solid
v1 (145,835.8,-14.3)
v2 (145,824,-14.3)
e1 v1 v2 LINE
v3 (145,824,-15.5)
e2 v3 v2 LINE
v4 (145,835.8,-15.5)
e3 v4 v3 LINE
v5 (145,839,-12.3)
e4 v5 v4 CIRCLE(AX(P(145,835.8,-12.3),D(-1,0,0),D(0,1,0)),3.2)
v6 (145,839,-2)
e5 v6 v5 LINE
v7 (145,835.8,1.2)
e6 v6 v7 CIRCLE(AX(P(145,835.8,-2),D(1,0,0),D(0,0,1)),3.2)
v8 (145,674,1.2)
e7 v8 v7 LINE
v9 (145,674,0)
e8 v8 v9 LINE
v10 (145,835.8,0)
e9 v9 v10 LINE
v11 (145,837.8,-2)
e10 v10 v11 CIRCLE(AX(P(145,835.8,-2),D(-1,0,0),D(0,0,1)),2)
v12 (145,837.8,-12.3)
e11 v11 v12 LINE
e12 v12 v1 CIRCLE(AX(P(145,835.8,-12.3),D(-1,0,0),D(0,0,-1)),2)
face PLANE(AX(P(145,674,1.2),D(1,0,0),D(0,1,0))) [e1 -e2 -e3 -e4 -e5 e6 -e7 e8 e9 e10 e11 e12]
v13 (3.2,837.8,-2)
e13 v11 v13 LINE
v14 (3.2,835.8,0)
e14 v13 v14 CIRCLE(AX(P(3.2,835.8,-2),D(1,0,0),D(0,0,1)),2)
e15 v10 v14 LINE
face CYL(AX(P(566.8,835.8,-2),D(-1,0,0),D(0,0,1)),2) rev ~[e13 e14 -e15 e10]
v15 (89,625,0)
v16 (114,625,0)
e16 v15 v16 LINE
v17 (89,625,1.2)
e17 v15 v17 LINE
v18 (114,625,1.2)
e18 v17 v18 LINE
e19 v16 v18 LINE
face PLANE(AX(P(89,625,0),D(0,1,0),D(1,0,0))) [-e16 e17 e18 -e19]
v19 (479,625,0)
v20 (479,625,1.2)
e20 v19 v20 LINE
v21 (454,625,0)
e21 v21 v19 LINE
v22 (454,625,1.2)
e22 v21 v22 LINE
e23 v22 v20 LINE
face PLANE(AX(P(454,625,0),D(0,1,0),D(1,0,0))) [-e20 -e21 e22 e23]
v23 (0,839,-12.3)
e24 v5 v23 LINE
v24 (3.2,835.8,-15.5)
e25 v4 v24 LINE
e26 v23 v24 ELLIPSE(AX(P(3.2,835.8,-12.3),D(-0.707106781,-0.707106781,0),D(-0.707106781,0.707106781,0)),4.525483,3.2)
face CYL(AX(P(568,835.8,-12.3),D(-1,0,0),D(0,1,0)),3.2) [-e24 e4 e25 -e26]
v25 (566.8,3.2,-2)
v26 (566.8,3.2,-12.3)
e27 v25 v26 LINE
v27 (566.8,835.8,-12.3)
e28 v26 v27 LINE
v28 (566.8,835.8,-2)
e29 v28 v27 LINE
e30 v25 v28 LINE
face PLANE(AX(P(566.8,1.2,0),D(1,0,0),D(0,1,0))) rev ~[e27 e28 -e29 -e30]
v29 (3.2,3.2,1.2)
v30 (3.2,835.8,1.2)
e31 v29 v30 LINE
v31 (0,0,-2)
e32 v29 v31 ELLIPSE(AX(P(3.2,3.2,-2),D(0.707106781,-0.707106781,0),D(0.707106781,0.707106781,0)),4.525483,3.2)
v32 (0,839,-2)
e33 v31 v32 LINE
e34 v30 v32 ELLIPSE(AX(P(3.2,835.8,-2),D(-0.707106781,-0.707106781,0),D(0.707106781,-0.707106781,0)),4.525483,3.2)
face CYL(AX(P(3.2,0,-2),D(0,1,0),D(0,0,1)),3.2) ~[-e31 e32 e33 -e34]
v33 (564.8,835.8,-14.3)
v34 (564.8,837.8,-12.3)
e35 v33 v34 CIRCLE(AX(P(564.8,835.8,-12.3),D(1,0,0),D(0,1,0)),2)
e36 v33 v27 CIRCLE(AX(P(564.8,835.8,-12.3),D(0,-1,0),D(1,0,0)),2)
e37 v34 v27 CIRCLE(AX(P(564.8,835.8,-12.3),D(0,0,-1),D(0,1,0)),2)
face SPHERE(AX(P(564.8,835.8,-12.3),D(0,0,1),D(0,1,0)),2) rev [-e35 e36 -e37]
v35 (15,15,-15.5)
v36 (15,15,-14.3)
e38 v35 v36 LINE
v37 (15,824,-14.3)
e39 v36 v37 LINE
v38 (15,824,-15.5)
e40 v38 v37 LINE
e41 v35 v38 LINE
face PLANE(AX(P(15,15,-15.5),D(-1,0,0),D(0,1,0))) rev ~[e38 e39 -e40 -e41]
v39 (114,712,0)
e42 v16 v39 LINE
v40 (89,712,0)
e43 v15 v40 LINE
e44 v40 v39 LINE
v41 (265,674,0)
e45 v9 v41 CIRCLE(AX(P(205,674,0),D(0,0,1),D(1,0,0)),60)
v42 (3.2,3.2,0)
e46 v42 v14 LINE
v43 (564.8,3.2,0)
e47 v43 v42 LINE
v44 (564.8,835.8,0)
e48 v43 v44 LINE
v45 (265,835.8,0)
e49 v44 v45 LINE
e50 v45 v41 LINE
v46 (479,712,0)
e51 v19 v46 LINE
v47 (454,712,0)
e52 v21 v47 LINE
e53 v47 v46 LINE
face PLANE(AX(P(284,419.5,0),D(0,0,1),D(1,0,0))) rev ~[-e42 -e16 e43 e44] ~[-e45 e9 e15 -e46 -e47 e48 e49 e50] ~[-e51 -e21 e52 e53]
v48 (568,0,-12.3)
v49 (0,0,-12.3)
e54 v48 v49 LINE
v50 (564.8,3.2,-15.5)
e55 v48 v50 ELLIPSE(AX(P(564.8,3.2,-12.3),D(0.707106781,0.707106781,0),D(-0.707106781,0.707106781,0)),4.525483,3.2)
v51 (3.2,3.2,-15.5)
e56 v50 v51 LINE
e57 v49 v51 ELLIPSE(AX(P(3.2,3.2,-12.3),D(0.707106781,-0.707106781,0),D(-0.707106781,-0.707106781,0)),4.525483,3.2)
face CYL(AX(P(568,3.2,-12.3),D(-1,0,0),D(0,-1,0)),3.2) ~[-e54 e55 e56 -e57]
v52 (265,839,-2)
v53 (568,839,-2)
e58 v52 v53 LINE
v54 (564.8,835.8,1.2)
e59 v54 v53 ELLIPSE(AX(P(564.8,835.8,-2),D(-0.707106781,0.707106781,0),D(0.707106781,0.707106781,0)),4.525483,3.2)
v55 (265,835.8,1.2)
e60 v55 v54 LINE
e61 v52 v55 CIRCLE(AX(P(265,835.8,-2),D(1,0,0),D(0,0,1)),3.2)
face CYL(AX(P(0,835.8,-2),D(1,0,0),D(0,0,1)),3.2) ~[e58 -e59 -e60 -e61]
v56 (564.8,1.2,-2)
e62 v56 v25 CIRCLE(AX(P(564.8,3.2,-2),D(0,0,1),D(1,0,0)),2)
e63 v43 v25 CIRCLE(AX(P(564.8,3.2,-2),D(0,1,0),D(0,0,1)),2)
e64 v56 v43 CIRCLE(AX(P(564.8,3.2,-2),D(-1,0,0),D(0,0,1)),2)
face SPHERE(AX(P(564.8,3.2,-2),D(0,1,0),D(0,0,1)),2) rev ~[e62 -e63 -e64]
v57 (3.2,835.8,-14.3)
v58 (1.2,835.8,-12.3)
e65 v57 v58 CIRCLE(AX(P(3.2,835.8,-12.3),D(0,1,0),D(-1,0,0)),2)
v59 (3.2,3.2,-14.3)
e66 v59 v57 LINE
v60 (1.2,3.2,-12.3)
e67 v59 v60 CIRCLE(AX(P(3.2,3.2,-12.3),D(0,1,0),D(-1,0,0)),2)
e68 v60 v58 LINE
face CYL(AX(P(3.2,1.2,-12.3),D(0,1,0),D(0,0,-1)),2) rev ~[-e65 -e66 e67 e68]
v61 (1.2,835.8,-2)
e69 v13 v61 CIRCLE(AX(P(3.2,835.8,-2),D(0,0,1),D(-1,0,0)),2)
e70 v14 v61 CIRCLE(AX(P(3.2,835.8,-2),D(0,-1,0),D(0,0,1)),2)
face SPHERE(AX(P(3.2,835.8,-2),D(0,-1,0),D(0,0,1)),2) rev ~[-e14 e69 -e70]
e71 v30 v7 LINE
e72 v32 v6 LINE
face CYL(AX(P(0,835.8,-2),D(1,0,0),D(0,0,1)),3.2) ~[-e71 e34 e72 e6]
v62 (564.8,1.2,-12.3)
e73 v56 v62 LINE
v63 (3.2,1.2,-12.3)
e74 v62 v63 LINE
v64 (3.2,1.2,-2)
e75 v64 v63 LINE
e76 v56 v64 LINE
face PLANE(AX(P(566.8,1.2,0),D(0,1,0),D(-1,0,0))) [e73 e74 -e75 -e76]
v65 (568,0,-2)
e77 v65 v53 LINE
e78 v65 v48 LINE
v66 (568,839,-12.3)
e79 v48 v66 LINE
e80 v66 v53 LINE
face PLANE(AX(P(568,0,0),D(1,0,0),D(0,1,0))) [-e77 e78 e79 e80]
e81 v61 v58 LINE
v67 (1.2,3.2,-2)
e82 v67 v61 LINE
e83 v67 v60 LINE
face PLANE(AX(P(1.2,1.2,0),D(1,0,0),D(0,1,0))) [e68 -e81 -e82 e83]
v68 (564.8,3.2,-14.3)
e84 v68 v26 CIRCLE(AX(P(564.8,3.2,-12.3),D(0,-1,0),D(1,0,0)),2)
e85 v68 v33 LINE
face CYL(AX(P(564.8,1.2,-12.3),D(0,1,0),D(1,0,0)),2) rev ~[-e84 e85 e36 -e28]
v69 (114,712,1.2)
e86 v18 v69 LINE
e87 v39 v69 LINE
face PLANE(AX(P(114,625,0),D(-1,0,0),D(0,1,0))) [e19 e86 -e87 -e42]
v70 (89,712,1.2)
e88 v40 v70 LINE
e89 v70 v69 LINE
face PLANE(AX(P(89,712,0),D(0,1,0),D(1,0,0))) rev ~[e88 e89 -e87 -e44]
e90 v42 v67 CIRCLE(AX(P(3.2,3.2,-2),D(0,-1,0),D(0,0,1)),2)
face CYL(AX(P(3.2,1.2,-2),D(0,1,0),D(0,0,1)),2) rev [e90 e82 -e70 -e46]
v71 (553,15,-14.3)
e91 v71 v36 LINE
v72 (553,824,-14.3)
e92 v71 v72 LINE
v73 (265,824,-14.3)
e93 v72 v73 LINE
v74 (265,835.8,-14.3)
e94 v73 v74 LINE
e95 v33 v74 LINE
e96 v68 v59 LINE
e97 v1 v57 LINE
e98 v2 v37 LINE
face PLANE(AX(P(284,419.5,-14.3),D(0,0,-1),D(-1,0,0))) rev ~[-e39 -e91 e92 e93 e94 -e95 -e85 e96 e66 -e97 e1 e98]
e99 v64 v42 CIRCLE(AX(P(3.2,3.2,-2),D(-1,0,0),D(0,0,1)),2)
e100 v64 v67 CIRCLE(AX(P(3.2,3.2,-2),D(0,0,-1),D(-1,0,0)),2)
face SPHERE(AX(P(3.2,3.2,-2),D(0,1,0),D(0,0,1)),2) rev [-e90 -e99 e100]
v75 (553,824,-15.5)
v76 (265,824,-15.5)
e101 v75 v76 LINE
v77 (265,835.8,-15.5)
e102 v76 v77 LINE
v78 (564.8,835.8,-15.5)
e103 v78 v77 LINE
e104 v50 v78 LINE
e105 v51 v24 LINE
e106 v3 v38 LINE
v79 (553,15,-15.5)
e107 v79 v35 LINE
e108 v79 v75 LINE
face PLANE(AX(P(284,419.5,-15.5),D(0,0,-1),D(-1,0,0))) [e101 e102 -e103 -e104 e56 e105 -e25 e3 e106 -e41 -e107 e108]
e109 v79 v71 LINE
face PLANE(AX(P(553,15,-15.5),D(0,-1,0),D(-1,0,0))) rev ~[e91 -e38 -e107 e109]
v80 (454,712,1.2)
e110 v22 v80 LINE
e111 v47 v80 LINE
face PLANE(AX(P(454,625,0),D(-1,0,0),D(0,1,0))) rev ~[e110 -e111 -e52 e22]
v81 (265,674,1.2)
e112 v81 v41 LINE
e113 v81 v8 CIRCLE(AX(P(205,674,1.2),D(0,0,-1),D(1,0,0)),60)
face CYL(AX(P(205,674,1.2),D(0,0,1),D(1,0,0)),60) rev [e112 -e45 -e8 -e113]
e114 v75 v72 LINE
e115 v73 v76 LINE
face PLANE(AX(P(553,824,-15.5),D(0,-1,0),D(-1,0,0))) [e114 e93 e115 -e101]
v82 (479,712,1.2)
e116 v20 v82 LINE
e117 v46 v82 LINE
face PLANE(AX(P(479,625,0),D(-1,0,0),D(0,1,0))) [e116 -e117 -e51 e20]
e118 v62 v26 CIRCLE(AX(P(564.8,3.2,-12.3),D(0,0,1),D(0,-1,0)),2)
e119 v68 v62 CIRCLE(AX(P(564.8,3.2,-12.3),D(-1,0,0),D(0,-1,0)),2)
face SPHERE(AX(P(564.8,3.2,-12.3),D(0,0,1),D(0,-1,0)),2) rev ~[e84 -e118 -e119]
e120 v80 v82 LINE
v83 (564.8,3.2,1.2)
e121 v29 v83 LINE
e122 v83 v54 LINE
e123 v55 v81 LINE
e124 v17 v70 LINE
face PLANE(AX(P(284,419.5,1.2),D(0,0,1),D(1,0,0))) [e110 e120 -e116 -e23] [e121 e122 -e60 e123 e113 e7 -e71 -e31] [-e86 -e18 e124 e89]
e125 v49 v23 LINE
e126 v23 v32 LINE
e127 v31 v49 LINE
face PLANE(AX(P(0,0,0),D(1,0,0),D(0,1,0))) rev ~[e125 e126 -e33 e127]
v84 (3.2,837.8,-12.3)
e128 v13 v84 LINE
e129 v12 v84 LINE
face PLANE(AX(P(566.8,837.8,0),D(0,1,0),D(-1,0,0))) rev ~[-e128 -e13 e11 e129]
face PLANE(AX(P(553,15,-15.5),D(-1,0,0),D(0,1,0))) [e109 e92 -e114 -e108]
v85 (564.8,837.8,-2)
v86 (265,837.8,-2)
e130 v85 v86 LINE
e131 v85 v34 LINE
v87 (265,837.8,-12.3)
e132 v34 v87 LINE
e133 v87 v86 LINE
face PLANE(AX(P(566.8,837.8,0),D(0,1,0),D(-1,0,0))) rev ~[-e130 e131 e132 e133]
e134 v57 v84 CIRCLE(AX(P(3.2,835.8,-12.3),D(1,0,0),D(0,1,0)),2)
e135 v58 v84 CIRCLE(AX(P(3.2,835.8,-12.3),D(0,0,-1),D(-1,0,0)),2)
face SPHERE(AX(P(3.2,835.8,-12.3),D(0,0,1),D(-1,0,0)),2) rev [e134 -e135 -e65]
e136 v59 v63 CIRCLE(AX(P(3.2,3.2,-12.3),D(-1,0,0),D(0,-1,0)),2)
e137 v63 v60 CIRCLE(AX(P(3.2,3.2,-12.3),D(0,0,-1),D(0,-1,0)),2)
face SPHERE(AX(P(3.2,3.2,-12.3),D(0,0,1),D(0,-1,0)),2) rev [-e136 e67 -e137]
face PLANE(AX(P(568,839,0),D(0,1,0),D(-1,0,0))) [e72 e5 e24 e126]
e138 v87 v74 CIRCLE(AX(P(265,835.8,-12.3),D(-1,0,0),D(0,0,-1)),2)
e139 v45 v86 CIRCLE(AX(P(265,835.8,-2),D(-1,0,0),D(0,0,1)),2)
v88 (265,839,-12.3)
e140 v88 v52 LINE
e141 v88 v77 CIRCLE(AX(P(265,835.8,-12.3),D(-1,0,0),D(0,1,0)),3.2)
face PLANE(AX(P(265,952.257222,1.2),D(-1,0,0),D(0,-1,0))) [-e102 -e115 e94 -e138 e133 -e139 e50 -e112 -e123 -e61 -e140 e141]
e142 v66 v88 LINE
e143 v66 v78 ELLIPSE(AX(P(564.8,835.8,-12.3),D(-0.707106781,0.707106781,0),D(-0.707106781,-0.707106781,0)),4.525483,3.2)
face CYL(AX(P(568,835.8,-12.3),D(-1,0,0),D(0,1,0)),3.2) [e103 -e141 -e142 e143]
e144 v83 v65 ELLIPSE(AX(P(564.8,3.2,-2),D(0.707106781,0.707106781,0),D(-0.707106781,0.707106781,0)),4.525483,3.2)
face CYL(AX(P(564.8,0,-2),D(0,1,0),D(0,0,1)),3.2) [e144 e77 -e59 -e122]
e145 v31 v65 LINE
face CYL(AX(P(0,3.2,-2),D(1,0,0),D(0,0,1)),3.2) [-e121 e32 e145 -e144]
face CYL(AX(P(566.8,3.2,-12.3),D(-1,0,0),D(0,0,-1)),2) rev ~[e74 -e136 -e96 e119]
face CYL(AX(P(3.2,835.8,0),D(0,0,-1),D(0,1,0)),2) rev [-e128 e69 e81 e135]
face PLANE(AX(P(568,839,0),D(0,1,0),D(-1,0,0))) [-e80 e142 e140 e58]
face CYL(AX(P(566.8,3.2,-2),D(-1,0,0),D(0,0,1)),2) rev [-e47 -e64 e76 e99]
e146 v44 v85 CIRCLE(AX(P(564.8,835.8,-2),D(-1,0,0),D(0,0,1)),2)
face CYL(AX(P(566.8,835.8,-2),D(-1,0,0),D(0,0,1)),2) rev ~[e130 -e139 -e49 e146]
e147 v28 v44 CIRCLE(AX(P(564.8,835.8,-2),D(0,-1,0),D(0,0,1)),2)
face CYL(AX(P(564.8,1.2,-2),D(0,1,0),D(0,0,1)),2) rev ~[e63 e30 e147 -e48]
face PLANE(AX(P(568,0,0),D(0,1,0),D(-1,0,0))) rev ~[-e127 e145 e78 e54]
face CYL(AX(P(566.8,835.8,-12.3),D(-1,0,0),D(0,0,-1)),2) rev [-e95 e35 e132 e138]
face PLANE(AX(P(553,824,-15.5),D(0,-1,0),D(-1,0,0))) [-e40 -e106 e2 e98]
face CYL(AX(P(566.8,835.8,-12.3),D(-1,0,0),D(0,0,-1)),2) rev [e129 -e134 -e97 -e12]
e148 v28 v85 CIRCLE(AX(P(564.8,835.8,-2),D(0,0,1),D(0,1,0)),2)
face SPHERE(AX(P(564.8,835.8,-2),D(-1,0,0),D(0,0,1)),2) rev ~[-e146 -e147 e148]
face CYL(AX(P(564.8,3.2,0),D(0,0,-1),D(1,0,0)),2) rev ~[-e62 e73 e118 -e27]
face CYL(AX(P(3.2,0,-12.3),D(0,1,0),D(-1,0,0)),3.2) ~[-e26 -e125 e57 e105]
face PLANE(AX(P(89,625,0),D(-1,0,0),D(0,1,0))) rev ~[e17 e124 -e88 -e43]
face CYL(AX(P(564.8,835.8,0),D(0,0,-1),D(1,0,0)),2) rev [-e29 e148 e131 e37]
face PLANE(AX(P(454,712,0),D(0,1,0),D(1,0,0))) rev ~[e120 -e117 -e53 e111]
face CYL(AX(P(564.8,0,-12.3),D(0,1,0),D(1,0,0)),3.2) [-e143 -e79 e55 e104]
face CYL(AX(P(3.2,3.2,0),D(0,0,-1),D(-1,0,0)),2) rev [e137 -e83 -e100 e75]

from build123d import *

# Parameters (mm, degrees)
SKETCH_1_W          = 568
SKETCH_1_H          = 839
SKETCH_1_W_2        = 25
SKETCH_1_H_2        = 87
EXTRUDE_1_DEPTH     = 1.2
SKETCH_2_W          = 568
SKETCH_2_H          = 839
SKETCH_2_W_2        = 565.6
SKETCH_2_H_2        = 836.6
EXTRUDE_2_DEPTH     = 15.5
SKETCH_3_W          = 568
SKETCH_3_H          = 839
SKETCH_3_W_2        = 538
SKETCH_3_H_2        = 809
EXTRUDE_3_DEPTH     = 1.2
FILLET_1_R          = 2
FILLET_2_R          = 3.2
FILLET_3_R          = 3.2
CUT_EXTRUDE_1_DEPTH = 1014.323191287


with BuildPart() as part:
    # 스케치1 → 보스-돌출1 (new body)
    with BuildSketch(Plane.XY):
        with Locations((284, 419.5)):
            Rectangle(SKETCH_1_W, SKETCH_1_H)
        with Locations((101.5, 668.5)):
            Rectangle(SKETCH_1_W_2, SKETCH_1_H_2, mode=Mode.SUBTRACT)
        with Locations((466.5, 668.5)):
            Rectangle(SKETCH_1_W_2, SKETCH_1_H_2, mode=Mode.SUBTRACT)
    extrude(amount=EXTRUDE_1_DEPTH)

    # 스케치2 → 보스-돌출2 (add)
    with BuildSketch(Plane(origin=(0, 0, 0), x_dir=(-1, 0, 0), z_dir=(0, 0, -1))):
        with Locations((-284, 419.5)):
            Rectangle(SKETCH_2_W, SKETCH_2_H)
        with Locations((-284, 419.5)):
            Rectangle(SKETCH_2_W_2, SKETCH_2_H_2, mode=Mode.SUBTRACT)
    extrude(amount=EXTRUDE_2_DEPTH)

    # 스케치3 → 보스-돌출3 (add)
    with BuildSketch(Plane(origin=(0, 0, -15.5), x_dir=(-1, 0, 0), z_dir=(0, 0, -1))):
        with Locations((-284, 419.5)):
            Rectangle(SKETCH_3_W, SKETCH_3_H)
        with Locations((-284, 419.5)):
            Rectangle(SKETCH_3_W_2, SKETCH_3_H_2, mode=Mode.SUBTRACT)
    extrude(amount=-EXTRUDE_3_DEPTH)

    # 필렛1
    fillet_1_edges = [part.edges().sort_by_distance(p)[0] for p in [
        (1.2, 419.5, 0),
        (284, 837.8, 0),
        (566.8, 419.5, 0),
        (284, 1.2, 0),
        (566.8, 1.2, -7.15),
        (1.2, 1.2, -7.15),
        (284, 1.2, -14.3),
        (566.8, 837.8, -7.15),
        (1.2, 837.8, -7.15),
        (1.2, 419.5, -14.3),
        (284, 837.8, -14.3),
        (566.8, 419.5, -14.3),
    ]]
    fillet(fillet_1_edges, radius=FILLET_1_R)

    # 필렛2
    fillet_2_edges = [part.edges().sort_by_distance(p)[0] for p in [
        (568, 419.5, 1.2),
        (284, 839, 1.2),
        (0, 419.5, 1.2),
        (284, 0, 1.2),
    ]]
    fillet(fillet_2_edges, radius=FILLET_2_R)

    # 필렛3
    fillet_3_edges = [part.edges().sort_by_distance(p)[0] for p in [
        (284, 0, -15.5),
        (0, 419.5, -15.5),
        (284, 839, -15.5),
        (568, 419.5, -15.5),
    ]]
    fillet(fillet_3_edges, radius=FILLET_3_R)

    # 스케치4 → 컷-돌출1 (cut, through all)
    with BuildSketch(Plane.XY.offset(1.2)):
        with BuildLine():
            Line((265, 952.257222416), (265, 674))
            ThreePointArc((265, 674), (205, 614), (145, 674))
            Line((145, 674), (145, 952.257222416))
            ThreePointArc((145, 952.257222416), (205, 1012.257222416), (265, 952.257222416))
        make_face()
    extrude(amount=-CUT_EXTRUDE_1_DEPTH, mode=Mode.SUBTRACT)


solid = part.part
